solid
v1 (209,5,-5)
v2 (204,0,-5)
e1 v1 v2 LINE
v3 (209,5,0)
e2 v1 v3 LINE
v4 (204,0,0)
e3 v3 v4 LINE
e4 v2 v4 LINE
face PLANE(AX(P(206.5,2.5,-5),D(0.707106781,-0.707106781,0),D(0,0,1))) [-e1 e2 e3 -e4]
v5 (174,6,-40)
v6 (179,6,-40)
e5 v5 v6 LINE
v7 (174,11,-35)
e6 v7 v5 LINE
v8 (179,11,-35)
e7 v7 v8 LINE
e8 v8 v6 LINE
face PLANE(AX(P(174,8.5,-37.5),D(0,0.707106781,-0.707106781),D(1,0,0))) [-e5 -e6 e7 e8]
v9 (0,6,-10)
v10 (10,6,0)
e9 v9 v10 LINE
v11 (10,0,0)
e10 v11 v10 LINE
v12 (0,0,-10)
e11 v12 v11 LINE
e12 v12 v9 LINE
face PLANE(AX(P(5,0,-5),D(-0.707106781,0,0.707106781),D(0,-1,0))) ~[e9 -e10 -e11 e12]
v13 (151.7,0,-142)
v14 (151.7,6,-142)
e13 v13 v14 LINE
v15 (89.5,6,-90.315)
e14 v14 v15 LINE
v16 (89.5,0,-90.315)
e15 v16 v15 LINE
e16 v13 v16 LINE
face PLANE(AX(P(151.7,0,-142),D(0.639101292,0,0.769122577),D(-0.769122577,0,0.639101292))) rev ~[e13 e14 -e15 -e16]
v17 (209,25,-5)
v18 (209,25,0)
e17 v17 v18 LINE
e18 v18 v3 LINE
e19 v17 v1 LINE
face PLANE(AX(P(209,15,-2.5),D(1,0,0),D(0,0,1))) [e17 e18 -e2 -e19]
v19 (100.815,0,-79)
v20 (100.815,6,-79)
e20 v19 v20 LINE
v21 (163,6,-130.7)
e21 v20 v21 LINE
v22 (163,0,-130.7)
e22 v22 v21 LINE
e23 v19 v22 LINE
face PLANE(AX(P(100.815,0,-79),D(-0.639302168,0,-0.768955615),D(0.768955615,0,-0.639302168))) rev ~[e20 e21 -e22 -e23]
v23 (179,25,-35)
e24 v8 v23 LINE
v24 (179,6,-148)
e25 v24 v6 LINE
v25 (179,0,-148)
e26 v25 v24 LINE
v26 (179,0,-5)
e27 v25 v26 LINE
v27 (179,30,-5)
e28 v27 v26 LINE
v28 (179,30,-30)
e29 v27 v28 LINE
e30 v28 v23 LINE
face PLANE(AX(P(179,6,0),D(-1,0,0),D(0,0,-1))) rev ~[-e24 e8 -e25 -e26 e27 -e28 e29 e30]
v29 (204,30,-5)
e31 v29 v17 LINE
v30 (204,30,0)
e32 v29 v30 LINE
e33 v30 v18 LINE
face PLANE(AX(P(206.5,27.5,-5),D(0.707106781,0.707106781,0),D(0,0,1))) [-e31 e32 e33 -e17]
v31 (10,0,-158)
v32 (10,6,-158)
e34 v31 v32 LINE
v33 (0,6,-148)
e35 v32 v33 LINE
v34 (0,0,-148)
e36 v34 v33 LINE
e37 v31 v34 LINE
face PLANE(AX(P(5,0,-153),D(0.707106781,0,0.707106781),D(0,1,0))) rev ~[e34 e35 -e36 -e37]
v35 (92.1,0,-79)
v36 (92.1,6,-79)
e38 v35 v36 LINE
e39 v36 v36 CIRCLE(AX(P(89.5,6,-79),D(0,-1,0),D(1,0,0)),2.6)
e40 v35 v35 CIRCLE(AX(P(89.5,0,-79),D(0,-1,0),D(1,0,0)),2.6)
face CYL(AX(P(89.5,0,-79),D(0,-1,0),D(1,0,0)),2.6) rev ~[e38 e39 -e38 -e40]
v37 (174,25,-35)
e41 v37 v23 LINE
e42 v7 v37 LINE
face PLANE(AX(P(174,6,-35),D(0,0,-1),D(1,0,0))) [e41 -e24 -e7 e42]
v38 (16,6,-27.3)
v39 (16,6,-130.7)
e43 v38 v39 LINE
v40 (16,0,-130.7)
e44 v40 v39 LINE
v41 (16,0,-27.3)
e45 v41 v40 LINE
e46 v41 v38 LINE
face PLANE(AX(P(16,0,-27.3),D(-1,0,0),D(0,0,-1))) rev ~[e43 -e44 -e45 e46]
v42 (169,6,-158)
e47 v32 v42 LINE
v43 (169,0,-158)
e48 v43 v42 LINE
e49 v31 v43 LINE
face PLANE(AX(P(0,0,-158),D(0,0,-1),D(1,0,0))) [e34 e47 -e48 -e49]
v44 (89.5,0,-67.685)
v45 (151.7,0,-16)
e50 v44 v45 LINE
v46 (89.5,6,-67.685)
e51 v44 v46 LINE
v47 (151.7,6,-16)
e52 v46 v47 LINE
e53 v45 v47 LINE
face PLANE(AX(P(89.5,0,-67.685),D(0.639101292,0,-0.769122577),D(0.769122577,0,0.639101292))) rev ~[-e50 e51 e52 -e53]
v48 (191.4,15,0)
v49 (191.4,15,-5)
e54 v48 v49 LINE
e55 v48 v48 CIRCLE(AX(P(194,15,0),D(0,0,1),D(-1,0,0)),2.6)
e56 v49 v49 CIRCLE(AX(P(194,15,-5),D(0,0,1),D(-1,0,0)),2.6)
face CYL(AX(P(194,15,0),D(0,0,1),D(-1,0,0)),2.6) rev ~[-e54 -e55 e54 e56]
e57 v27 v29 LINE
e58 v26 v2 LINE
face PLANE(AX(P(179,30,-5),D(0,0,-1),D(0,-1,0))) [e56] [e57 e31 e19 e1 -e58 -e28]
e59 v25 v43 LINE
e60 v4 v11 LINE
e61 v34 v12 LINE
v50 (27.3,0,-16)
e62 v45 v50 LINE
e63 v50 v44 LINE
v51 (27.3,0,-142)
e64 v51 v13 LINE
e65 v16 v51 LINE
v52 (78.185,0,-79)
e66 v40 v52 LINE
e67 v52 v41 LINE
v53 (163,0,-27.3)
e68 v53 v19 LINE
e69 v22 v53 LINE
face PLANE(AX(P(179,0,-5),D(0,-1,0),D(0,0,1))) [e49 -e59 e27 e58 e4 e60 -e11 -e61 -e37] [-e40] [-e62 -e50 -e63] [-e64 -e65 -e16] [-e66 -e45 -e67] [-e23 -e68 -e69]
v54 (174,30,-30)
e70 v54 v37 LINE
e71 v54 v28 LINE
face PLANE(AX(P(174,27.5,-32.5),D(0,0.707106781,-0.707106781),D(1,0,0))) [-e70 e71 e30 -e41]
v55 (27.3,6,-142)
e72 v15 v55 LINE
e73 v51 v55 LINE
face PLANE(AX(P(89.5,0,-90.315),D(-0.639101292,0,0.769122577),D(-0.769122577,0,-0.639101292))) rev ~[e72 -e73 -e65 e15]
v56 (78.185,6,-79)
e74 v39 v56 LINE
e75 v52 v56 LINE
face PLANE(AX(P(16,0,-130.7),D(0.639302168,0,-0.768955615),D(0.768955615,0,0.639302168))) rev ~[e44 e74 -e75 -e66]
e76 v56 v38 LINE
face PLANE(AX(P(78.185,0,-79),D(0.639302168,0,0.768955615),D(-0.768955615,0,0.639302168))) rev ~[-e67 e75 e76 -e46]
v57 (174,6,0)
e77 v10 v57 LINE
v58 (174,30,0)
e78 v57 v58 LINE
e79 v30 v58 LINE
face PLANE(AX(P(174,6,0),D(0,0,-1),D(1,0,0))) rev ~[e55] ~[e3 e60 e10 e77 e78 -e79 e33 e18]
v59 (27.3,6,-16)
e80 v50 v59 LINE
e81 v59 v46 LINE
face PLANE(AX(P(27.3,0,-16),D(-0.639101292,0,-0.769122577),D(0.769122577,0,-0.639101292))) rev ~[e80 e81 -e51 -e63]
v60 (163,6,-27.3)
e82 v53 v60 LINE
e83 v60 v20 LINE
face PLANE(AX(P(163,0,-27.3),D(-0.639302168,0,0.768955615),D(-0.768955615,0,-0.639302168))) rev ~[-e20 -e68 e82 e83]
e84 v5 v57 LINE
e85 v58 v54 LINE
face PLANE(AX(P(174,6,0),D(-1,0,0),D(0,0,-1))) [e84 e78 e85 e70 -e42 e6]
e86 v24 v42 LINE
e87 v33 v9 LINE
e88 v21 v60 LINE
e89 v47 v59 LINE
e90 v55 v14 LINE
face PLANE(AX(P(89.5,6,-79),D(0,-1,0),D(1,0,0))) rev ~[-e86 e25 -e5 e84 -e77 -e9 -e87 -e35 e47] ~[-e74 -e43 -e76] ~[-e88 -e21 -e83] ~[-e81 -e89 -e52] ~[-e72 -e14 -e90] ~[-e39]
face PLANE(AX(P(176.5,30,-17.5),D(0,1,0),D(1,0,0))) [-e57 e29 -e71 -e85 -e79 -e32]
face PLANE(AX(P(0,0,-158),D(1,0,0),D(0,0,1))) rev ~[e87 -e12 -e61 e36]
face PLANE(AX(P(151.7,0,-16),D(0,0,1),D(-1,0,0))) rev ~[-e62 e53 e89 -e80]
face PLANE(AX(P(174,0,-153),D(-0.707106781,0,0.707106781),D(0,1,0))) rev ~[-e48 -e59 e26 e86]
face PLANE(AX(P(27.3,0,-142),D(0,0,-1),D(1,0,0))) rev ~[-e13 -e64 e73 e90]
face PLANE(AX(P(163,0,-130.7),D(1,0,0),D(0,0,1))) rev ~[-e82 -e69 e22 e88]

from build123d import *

# Parameters (mm, degrees)
SKETCH_W        = 179
SKETCH_H        = 158
SKETCH_R        = 2.6
PAD_DEPTH       = 6
SKETCH001_W     = 5
SKETCH001_H     = 30
PAD001_DEPTH    = 30
SKETCH002_W     = 5
SKETCH002_H     = 35
PAD002_DEPTH    = 24
SKETCH003_R     = 2.6
POCKET_DEPTH    = 7
CHAMFER_SIZE    = 5
CHAMFER001_SIZE = 5
CHAMFER002_SIZE = 5
CHAMFER003_SIZE = 10
CHAMFER004_SIZE = 10
CHAMFER005_SIZE = 10


with BuildPart() as part:
    # Sketch → Pad (new body)
    with BuildSketch(Plane.XZ):
        with Locations((89.5, -79)):
            Rectangle(SKETCH_W, SKETCH_H)
        with Locations((89.5, -79)):
            Circle(SKETCH_R, mode=Mode.SUBTRACT)
        Polygon((16, -27.3), (16, -130.7), (78.185, -79), align=None, mode=Mode.SUBTRACT)
        Polygon((27.3, -142), (151.7, -142), (89.5, -90.315), align=None, mode=Mode.SUBTRACT)
        Polygon((163, -130.7), (163, -27.3), (100.815, -79), align=None, mode=Mode.SUBTRACT)
        Polygon((151.7, -16), (27.3, -16), (89.5, -67.685), align=None, mode=Mode.SUBTRACT)
    extrude(amount=-PAD_DEPTH)

    # Sketch001 (on Face3 of Pad) → Pad001 (join)
    with BuildSketch(Plane(origin=(179, 0, 0), x_dir=(0, 0, 1), z_dir=(1, 0, 0))):
        with Locations((-2.5, -15)):
            Rectangle(SKETCH001_W, SKETCH001_H)
    extrude(amount=PAD001_DEPTH)

    # Sketch002 (on Face3 of Pad001) → Pad002 (join)
    with BuildSketch(Plane(origin=(0, 6, 0), x_dir=(1, 0, 0), z_dir=(0, 1, 0))):
        with Locations((176.5, 17.5)):
            Rectangle(SKETCH002_W, SKETCH002_H)
    extrude(amount=PAD002_DEPTH)

    # Sketch003 (on Face22 of Pad002) → Pocket (cut)
    with BuildSketch(Plane(origin=(0, 0, 0), x_dir=(-1, 0, 0), z_dir=(0, 0, 1))):
        with Locations((-194, -15)):
            Circle(SKETCH003_R)
    extrude(amount=-POCKET_DEPTH, mode=Mode.SUBTRACT)

    # Chamfer
    chamfer_edges = [part.edges().sort_by_distance(p)[0] for p in [
        (209, 30, -2.5),
        (209, 0, -2.5),
    ]]
    chamfer(chamfer_edges, length=CHAMFER_SIZE)

    # Chamfer001
    chamfer001_edges = [part.edges().sort_by_distance(p)[0] for p in [
        (176.5, 30, -35),
    ]]
    chamfer(chamfer001_edges, length=CHAMFER001_SIZE)

    # Chamfer002
    chamfer002_edges = [part.edges().sort_by_distance(p)[0] for p in [
        (176.5, 6, -35),
    ]]
    chamfer(chamfer002_edges, length=CHAMFER002_SIZE)

    # Chamfer003
    chamfer003_edges = [part.edges().sort_by_distance(p)[0] for p in [
        (179, 3, -158),
    ]]
    chamfer(chamfer003_edges, length=CHAMFER003_SIZE)

    # Chamfer004
    chamfer004_edges = [part.edges().sort_by_distance(p)[0] for p in [
        (0, 3, -158),
    ]]
    chamfer(chamfer004_edges, length=CHAMFER004_SIZE)

    # Chamfer005
    chamfer005_edges = [part.edges().sort_by_distance(p)[0] for p in [
        (0, 3, 0),
    ]]
    chamfer(chamfer005_edges, length=CHAMFER005_SIZE)


solid = part.part
